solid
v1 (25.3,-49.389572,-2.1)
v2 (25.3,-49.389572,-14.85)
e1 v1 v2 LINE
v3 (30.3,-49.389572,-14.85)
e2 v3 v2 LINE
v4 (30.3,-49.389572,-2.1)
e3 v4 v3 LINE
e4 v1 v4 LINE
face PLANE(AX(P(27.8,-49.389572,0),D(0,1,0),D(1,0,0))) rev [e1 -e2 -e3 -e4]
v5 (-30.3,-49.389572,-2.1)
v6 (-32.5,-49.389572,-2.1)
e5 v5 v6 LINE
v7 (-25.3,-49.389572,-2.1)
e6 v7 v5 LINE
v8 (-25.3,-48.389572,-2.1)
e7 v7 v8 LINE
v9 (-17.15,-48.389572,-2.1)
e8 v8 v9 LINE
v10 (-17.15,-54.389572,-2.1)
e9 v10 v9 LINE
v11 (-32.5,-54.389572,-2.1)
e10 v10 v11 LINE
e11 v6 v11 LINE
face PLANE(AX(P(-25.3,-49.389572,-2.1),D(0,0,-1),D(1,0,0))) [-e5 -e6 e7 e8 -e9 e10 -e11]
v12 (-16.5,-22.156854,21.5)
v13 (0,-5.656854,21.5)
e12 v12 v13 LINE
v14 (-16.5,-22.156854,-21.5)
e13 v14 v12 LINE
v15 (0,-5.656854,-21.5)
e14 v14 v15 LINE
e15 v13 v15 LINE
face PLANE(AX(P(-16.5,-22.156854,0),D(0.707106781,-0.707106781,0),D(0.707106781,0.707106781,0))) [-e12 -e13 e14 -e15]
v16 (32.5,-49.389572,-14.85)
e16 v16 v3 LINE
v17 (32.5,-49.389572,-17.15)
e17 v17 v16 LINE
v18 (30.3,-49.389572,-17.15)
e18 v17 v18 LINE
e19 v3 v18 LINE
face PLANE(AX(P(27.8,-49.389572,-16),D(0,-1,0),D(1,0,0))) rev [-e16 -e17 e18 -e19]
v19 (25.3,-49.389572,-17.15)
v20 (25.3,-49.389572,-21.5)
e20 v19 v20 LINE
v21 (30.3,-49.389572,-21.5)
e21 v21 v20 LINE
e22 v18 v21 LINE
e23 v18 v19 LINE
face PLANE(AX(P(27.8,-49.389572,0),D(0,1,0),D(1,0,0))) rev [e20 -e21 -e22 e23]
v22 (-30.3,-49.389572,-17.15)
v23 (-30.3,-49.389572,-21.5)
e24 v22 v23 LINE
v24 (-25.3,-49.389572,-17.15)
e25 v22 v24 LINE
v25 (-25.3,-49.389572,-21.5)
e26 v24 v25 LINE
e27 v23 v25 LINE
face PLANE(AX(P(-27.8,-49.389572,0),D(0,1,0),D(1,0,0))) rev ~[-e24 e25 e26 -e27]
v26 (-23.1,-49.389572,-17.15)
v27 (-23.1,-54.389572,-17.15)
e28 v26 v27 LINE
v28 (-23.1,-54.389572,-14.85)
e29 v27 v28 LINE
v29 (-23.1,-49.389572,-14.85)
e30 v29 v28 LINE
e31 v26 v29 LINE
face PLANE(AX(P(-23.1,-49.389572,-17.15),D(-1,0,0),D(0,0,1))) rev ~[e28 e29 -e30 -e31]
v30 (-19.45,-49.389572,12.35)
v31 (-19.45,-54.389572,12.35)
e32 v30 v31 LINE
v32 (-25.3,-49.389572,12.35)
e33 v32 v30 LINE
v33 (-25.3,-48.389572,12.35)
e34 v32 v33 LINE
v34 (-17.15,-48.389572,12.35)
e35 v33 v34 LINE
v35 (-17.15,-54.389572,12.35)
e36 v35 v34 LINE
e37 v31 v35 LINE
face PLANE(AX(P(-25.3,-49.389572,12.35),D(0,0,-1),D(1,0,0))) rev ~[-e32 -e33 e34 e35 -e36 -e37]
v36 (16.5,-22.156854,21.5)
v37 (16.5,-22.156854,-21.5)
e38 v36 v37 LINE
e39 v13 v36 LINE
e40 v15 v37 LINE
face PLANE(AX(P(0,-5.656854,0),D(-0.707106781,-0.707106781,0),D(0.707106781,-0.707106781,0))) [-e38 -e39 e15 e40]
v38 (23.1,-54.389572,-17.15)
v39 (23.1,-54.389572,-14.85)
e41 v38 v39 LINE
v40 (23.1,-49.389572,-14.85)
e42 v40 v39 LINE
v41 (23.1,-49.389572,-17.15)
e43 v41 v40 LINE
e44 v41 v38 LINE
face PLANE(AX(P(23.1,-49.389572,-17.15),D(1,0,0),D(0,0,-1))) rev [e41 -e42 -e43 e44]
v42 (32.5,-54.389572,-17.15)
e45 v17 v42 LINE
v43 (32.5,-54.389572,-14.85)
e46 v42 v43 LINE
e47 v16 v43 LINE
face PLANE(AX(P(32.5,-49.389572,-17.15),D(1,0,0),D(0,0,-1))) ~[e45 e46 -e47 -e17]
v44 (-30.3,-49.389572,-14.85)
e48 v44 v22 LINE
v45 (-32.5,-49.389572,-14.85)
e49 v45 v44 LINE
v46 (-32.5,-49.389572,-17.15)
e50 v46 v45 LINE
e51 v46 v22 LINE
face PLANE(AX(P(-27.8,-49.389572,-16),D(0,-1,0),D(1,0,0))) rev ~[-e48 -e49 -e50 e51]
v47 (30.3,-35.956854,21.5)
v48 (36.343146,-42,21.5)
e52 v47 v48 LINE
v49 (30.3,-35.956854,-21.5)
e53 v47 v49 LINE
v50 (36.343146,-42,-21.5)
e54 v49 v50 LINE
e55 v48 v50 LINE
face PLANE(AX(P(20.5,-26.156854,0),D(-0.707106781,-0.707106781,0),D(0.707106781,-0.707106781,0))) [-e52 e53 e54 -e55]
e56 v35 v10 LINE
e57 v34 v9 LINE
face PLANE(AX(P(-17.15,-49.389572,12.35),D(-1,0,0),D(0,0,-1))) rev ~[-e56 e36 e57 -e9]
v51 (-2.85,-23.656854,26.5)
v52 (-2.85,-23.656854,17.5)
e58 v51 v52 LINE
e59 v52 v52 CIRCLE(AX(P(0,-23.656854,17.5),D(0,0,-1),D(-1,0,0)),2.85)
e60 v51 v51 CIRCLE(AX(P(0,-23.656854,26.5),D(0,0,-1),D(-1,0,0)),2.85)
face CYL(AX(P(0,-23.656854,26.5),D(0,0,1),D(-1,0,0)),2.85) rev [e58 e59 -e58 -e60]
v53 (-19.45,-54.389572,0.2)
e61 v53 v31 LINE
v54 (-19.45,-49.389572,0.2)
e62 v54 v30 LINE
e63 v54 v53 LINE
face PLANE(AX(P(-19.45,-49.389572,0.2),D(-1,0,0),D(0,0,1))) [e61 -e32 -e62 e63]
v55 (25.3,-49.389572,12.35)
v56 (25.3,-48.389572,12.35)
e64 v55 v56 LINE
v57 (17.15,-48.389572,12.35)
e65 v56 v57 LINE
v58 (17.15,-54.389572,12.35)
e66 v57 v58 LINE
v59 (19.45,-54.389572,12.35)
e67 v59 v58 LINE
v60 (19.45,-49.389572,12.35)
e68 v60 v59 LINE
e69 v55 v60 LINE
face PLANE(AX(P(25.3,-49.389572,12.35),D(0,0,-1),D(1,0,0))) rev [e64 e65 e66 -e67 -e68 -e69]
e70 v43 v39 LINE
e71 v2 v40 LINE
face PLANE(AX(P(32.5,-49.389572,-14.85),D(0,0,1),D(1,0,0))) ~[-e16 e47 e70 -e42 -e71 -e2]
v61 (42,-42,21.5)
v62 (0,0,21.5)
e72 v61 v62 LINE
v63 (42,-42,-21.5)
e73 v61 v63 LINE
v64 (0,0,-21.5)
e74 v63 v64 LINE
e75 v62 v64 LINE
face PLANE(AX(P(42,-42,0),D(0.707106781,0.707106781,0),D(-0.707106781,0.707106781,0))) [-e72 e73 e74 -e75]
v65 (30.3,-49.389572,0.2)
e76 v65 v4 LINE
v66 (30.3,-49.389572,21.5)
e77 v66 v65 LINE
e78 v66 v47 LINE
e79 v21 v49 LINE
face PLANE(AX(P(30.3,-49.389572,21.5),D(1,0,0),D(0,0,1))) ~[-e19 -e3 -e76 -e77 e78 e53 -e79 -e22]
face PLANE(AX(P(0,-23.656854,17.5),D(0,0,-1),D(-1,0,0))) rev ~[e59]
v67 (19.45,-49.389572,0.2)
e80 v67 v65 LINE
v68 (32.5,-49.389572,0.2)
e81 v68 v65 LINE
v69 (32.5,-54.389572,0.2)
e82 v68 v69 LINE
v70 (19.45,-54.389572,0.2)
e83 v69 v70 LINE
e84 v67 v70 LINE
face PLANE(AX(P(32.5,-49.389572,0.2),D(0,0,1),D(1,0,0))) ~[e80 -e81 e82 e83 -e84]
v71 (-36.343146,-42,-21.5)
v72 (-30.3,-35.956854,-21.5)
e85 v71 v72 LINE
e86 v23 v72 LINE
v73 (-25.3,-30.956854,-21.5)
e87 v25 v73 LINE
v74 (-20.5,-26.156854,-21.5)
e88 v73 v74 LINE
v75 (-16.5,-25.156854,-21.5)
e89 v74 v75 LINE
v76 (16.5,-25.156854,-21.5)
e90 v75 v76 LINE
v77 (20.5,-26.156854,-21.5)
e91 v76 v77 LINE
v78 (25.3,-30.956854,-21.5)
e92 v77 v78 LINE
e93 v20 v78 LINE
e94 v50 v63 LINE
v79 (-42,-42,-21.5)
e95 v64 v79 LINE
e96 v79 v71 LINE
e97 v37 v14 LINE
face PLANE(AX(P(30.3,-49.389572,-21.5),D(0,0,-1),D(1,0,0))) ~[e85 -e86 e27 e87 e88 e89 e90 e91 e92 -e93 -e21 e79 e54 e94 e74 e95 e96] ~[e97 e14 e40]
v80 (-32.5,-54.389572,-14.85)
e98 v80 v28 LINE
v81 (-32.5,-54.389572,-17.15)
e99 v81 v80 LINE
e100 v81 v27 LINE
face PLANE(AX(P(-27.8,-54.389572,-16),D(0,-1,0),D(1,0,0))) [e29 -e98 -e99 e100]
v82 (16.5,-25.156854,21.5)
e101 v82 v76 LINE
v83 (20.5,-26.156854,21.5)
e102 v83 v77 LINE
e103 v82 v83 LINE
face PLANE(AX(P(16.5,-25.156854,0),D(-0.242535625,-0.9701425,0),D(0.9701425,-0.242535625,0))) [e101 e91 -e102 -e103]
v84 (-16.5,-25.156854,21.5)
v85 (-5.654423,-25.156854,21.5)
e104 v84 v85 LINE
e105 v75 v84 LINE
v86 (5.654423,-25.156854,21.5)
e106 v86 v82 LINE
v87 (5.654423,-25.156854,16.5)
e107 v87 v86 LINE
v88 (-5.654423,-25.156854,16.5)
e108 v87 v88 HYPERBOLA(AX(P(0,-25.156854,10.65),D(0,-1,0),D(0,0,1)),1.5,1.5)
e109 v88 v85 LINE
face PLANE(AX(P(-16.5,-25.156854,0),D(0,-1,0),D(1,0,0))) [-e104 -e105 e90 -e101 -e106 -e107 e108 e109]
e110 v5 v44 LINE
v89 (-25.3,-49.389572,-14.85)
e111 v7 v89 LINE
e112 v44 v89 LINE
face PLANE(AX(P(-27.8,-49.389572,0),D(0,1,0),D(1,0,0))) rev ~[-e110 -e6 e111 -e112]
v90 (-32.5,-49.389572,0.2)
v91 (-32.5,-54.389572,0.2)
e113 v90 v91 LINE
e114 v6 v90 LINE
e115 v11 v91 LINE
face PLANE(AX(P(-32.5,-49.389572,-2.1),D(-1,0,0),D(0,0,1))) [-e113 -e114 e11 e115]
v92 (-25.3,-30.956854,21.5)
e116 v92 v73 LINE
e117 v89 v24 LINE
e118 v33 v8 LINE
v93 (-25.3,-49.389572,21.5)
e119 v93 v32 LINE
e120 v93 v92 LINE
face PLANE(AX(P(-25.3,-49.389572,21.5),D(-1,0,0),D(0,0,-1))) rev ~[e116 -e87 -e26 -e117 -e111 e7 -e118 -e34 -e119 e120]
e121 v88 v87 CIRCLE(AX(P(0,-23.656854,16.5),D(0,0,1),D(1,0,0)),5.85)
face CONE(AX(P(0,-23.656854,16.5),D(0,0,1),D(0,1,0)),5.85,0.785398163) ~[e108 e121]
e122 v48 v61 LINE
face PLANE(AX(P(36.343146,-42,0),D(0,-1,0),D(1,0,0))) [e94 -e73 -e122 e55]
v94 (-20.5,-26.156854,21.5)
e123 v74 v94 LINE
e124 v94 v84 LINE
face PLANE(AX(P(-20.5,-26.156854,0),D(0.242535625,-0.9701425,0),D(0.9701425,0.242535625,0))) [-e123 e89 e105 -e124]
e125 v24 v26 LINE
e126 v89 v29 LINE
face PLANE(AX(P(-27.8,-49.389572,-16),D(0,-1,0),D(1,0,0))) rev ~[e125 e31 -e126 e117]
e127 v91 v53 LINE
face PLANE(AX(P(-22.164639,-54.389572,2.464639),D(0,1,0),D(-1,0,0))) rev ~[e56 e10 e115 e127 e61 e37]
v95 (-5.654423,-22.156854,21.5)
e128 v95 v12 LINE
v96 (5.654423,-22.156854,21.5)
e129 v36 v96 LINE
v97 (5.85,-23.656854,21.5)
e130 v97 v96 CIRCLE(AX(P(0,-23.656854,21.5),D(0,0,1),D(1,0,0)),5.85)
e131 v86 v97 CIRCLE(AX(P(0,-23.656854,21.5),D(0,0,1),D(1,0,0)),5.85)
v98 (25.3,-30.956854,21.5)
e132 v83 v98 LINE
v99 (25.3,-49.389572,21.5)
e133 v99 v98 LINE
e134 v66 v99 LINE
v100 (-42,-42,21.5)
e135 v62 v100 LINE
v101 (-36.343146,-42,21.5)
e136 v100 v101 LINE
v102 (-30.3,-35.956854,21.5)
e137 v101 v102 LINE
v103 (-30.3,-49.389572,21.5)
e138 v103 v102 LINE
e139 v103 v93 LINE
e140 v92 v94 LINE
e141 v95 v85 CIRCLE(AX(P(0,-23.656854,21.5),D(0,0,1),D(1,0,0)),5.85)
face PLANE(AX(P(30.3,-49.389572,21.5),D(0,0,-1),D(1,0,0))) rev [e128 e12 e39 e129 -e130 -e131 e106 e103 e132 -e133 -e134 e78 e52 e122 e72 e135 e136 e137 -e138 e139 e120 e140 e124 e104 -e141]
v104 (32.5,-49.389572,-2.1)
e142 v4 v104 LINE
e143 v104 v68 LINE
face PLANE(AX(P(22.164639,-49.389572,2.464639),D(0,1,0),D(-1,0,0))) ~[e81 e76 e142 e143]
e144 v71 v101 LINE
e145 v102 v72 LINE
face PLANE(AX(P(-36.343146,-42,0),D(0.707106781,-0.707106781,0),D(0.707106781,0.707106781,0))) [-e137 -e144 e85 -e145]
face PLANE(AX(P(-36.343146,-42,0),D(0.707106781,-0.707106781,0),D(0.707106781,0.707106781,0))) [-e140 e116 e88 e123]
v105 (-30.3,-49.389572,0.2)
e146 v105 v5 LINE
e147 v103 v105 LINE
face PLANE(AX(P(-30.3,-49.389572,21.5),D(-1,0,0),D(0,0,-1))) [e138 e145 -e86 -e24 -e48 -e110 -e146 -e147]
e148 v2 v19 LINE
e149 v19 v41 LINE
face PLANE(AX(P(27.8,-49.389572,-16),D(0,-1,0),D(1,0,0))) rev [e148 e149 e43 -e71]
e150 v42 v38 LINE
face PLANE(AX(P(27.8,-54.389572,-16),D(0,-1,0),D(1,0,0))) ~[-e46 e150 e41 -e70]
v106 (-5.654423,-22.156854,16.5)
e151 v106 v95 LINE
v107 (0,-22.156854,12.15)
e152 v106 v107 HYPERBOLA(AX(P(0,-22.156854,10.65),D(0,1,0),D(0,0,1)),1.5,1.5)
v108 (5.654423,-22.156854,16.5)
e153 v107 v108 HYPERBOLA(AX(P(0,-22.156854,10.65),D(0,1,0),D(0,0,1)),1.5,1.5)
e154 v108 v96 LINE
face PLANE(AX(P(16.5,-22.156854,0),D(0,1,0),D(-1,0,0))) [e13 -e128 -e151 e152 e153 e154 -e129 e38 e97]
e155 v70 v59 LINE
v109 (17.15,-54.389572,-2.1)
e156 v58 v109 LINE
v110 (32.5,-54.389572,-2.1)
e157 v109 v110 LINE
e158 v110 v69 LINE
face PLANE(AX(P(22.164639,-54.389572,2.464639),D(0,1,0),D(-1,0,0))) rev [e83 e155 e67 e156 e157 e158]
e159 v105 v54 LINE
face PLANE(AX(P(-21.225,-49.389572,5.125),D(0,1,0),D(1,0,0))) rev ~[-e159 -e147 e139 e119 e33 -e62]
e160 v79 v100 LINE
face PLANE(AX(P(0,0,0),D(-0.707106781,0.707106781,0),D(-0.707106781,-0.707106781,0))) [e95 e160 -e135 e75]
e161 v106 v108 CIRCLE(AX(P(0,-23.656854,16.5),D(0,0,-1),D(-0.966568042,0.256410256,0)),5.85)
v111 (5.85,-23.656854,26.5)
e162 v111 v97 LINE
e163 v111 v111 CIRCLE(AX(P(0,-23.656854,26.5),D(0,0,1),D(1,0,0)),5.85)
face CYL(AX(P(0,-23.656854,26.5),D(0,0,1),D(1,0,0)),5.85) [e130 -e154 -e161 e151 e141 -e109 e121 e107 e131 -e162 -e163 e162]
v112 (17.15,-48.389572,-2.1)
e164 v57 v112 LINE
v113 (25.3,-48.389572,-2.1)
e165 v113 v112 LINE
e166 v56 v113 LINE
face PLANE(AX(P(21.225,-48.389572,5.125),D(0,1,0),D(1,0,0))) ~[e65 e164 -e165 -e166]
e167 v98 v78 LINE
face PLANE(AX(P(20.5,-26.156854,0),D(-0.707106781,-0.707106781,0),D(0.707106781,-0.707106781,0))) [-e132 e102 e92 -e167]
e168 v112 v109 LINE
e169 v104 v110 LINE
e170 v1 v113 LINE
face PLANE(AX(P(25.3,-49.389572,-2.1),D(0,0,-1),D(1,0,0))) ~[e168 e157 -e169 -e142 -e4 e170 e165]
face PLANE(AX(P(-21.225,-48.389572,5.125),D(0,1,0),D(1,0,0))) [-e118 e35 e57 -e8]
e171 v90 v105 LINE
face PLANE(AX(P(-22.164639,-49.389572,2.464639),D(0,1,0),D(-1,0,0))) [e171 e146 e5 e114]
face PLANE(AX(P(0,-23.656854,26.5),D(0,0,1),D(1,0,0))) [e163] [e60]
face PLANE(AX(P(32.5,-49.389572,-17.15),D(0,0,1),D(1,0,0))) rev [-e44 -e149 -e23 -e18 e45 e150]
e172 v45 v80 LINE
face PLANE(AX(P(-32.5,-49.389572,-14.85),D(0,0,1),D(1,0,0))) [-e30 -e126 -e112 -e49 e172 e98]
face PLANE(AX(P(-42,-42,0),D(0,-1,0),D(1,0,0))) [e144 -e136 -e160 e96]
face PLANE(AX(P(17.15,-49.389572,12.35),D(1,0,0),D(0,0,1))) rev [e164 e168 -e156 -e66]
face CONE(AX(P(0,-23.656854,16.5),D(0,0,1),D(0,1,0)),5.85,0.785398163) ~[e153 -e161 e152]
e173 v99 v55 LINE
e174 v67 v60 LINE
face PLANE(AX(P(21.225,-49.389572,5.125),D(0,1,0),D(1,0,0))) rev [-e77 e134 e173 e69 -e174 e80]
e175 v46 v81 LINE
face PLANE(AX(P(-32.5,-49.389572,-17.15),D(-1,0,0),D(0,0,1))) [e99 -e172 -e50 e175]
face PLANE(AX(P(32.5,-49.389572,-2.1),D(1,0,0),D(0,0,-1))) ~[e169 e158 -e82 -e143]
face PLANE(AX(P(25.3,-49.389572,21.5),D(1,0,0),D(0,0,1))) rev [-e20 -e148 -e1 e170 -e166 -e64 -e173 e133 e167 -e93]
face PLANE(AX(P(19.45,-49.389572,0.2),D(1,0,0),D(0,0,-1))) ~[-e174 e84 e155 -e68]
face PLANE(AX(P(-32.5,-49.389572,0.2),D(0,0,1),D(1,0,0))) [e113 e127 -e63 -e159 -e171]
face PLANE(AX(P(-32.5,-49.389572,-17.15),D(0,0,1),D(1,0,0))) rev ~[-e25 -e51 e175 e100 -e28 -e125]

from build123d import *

# Parameters (mm, degrees)
BOSS_EXTRUDE1_DEPTH  = 21.5
BOSS_EXTRUDE7_START  = 5
SKETCH11_R           = 5.85
BOSS_EXTRUDE7_DEPTH  = 10
SKETCH12_R           = 2.85
CUT_EXTRUDE3_DEPTH   = 9
BOSS_EXTRUDE8_START  = 0.1
SKETCH14_W           = 5
SKETCH14_H           = 43
BOSS_EXTRUDE8_DEPTH  = 18.432718
SKETCH17_W           = 9.4
SKETCH17_H           = 2.3
BOSS_EXTRUDE10_DEPTH = 5
SKETCH18_W           = 8.15
SKETCH18_H           = 14.45
BOSS_EXTRUDE11_DEPTH = 1


with BuildPart() as part:
    # Sketch1 → Boss-Extrude1 (new body, symmetric)
    with BuildSketch(Plane.XY):
        Polygon((0, 0), (-42, -42), (-36.343145751, -42), (-32.343145751, -38), (-20.5, -26.156854249), (-16.5, -25.156854249), (16.5, -25.156854249), (20.5, -26.156854249), (32.343145751, -38), (36.343145751, -42), (42, -42), align=None)
        Polygon((-16.5, -22.156854249), (0, -5.656854249), (16.5, -22.156854249), align=None, mode=Mode.SUBTRACT)
    extrude(amount=BOSS_EXTRUDE1_DEPTH, both=True)

    # Sketch11 → Boss-Extrude7 (add)
    with BuildSketch(Plane.XY.offset(21.5).offset(BOSS_EXTRUDE7_START)):
        with Locations((0, -23.656854249)):
            Circle(SKETCH11_R)
    extrude(amount=-BOSS_EXTRUDE7_DEPTH)

    # Sketch12 → Cut-Extrude3 (cut)
    with BuildSketch(Plane(origin=(0, 0, 26.5), x_dir=(-1, 0, 0), z_dir=(0, 0, -1))):
        with Locations((0, -23.656854249)):
            Circle(SKETCH12_R)
    extrude(amount=CUT_EXTRUDE3_DEPTH, mode=Mode.SUBTRACT)

    # Sketch14 → Boss-Extrude8 (add)
    with BuildSketch(Plane(origin=(0, -49.48957189, 0), x_dir=(1, 0, 0), z_dir=(0, 1, 0)).offset(BOSS_EXTRUDE8_START)):
        with Locations((-27.8, 0)):
            Rectangle(SKETCH14_W, SKETCH14_H)
    boss_extrude8 = extrude(amount=BOSS_EXTRUDE8_DEPTH)

    # Sketch17 → Boss-Extrude10 (add)
    with BuildSketch(Plane.XZ.offset(49.38957189)):
        Polygon((-17.15, 12.35), (-17.15, -2.1), (-32.5, -2.1), (-32.5, 0.2), (-19.45, 0.2), (-19.45, 12.35), align=None)
        with Locations((-27.8, -16)):
            Rectangle(SKETCH17_W, SKETCH17_H)
    boss_extrude10 = extrude(amount=BOSS_EXTRUDE10_DEPTH)

    # Sketch18 → Boss-Extrude11 (add)
    with BuildSketch(Plane(origin=(0, -49.38957189, 0), x_dir=(1, 0, 0), z_dir=(0, 1, 0))):
        with Locations((-21.225, -5.125)):
            Rectangle(SKETCH18_W, SKETCH18_H)
    boss_extrude11 = extrude(amount=BOSS_EXTRUDE11_DEPTH)

    # Mirror2: Boss-Extrude8, Boss-Extrude10, Boss-Extrude11 across plane
    add(boss_extrude8.mirror(Plane(origin=(0, 0, 0), x_dir=(0, 0, 1), z_dir=(1, 0, 0))))
    add(boss_extrude10.mirror(Plane(origin=(0, 0, 0), x_dir=(0, 0, 1), z_dir=(1, 0, 0))))
    add(boss_extrude11.mirror(Plane(origin=(0, 0, 0), x_dir=(0, 0, 1), z_dir=(1, 0, 0))))

    # Sketch15 → Revolve1 (revolve)
    with BuildSketch(Plane(origin=(0, 0, 0), x_dir=(0, 0, -1), z_dir=(1, 0, 0))):
        Polygon((-16.5, -17.806854249), (-10.65, -23.656854249), (-16.5, -23.656854249), align=None)
    revolve(axis=Axis((0, -23.656854249, 10.65), (0, 0, 1)))


solid = part.part
